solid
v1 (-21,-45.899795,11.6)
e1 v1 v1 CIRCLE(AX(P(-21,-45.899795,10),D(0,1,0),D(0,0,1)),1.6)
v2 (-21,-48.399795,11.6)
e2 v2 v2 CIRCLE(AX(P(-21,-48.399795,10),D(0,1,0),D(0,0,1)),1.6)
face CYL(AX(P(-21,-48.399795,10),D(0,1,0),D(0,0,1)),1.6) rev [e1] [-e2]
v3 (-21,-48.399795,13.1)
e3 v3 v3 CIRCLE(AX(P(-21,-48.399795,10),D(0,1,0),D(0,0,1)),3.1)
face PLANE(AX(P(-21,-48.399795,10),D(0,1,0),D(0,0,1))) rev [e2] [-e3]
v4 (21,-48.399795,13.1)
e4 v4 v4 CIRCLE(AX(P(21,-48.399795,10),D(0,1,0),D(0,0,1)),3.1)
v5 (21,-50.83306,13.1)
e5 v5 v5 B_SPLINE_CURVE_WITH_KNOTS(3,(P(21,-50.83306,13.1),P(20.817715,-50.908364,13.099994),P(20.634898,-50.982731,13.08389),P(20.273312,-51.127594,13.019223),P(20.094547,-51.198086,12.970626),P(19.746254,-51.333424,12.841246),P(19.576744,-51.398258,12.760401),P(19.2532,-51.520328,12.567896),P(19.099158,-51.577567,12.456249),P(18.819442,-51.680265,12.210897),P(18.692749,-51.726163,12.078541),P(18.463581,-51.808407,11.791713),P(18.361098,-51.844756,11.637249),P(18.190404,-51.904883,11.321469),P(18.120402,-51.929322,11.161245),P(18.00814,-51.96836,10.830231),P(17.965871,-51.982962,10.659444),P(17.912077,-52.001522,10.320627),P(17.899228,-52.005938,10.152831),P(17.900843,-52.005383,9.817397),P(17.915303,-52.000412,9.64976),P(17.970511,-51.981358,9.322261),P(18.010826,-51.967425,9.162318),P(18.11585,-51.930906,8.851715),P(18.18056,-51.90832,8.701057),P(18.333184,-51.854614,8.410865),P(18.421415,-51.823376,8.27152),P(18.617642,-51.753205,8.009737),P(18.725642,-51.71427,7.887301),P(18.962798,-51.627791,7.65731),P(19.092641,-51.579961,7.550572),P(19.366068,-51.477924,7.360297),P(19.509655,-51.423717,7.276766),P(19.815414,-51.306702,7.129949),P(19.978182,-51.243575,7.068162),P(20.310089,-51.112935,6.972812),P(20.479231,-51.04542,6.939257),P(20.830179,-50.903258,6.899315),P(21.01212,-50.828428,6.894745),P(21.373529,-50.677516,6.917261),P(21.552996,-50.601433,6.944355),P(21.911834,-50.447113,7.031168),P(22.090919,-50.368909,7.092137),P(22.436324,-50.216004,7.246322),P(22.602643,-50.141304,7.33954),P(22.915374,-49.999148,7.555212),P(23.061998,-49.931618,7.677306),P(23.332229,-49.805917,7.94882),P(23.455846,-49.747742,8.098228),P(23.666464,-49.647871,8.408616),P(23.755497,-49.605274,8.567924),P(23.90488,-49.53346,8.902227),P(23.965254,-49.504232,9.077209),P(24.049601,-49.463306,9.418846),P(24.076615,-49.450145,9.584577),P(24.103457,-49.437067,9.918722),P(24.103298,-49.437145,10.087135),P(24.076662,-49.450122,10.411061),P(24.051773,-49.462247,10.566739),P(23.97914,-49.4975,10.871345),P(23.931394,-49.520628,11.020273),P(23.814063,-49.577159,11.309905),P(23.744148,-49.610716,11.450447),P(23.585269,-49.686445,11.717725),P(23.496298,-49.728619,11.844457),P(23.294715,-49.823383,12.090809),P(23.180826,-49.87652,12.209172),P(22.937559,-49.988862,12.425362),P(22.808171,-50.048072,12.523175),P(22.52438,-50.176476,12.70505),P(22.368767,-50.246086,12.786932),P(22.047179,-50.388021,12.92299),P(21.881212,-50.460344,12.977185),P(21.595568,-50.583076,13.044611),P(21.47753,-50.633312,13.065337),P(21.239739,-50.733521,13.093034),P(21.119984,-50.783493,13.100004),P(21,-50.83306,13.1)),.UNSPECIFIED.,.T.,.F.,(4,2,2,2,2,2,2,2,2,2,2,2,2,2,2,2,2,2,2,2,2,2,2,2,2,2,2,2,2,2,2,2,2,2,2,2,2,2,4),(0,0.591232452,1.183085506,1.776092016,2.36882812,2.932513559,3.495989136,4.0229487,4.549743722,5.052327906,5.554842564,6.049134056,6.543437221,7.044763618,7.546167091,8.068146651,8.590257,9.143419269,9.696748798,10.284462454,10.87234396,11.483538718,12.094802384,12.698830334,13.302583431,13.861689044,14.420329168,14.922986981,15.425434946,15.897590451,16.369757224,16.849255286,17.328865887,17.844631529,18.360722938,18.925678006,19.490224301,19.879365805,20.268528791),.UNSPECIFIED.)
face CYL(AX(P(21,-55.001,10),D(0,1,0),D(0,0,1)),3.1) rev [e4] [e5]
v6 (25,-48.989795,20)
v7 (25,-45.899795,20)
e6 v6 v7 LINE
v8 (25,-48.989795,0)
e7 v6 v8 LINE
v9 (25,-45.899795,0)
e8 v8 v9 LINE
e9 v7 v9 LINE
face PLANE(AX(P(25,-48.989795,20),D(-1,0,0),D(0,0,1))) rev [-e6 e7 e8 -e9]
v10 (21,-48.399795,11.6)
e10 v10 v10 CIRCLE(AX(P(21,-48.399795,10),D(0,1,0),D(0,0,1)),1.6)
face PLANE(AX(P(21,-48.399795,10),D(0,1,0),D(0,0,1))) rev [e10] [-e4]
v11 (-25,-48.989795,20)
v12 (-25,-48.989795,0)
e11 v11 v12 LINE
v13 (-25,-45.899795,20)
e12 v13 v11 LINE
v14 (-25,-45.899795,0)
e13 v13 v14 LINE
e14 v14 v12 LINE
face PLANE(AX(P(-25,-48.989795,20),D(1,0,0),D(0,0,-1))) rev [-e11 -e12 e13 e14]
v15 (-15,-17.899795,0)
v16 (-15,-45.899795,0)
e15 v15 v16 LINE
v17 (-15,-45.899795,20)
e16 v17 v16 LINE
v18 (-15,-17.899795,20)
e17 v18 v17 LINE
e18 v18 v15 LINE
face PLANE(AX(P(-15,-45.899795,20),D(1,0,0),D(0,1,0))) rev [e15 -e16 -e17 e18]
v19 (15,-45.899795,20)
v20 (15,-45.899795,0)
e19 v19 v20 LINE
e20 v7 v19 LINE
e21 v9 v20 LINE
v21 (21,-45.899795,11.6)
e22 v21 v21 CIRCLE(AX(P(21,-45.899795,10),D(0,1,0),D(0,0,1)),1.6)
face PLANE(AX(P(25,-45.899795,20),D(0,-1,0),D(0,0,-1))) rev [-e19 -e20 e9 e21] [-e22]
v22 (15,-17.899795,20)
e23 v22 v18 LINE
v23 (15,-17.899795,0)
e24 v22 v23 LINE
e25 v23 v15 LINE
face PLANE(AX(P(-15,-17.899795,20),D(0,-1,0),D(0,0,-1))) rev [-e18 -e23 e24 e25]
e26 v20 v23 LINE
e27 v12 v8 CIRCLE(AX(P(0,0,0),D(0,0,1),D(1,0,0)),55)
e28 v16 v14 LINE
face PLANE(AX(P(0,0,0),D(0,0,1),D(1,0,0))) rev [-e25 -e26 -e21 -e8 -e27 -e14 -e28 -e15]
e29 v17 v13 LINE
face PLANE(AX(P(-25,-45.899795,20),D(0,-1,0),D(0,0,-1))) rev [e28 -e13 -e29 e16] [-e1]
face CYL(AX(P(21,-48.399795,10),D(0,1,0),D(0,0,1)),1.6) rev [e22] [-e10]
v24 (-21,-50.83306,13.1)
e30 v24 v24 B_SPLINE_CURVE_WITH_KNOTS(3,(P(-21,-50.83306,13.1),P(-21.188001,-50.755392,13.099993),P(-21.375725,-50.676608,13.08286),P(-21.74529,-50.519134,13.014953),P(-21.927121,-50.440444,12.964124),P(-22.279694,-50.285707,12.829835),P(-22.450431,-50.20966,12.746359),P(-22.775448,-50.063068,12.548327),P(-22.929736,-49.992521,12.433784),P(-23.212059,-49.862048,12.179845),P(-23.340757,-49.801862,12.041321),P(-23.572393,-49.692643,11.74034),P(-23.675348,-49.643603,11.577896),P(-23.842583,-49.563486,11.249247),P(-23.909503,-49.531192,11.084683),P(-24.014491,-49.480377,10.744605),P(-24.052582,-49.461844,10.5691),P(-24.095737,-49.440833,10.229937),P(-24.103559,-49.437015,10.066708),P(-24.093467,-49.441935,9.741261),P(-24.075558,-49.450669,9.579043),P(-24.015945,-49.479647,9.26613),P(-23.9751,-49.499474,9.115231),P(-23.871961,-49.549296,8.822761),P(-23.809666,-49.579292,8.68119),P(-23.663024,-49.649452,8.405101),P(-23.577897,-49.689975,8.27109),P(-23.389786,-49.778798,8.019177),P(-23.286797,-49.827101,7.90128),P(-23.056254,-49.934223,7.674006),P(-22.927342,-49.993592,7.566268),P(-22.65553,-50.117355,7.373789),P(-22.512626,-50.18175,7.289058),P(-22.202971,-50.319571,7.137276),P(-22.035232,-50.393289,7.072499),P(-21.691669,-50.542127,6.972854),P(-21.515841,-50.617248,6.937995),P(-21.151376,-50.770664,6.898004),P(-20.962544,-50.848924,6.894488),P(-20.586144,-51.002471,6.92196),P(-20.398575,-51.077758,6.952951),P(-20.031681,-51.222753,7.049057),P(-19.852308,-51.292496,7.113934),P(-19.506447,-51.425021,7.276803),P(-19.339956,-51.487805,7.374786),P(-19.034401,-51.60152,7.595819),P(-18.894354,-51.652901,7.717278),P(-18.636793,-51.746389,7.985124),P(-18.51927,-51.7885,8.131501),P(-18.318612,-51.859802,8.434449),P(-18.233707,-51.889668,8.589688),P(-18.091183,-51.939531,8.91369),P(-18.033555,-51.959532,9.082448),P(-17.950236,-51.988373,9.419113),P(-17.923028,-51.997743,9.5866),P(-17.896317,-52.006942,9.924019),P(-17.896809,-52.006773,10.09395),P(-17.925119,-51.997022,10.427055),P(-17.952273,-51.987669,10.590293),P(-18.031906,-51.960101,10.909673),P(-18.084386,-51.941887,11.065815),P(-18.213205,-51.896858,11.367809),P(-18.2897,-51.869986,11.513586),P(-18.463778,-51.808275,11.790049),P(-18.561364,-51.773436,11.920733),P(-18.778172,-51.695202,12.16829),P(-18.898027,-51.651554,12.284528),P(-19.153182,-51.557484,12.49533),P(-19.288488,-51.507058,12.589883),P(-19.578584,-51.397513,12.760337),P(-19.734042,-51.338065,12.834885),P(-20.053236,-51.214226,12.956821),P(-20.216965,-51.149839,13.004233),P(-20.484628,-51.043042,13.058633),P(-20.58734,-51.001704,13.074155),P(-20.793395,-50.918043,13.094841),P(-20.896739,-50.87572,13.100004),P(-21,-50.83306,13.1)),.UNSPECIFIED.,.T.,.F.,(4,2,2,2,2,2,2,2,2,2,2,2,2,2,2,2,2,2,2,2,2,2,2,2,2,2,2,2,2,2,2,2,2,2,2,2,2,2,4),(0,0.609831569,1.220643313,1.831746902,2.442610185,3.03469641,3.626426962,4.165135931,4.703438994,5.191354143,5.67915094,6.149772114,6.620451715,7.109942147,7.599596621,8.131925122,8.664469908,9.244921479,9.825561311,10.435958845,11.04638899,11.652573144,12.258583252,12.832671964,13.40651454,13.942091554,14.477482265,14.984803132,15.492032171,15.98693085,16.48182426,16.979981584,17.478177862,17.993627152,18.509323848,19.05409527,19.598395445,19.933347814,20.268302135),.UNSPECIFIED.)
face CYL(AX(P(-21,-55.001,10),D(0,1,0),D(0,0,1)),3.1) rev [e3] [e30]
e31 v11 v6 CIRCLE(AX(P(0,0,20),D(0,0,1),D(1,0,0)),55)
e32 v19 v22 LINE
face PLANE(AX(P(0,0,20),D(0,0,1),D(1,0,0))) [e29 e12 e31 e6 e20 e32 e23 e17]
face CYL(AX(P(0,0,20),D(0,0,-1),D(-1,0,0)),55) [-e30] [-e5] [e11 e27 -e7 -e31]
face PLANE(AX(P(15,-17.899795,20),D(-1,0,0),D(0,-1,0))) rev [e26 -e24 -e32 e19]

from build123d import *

# Parameters (mm, degrees)
RESSALTO_EXTRUS_O2_DEPTH   = 20
ESBO_O2_R                  = 1.6
CORTE_EXTRUS_O1_DEPTH      = 2.5
CORTE_EXTRUS_O2_REACH      = 46.218
CORTE_EXTRUS_O2_END_RADIUS = 55
ESBO_O3_R                  = 3.1


with BuildPart() as part:
    # Esboço1 → Ressalto-extrusão2 (new body)
    with BuildSketch(Plane.XY):
        with BuildLine():
            Line((-15, -45.899794856), (-15, -17.899794856))
            Line((-15, -17.899794856), (15, -17.899794856))
            Line((15, -17.899794856), (15, -45.899794856))
            Line((15, -45.899794856), (25, -45.899794856))
            Line((25, -45.899794856), (25, -48.989794856))
            ThreePointArc((25, -48.989794856), (0, -55), (-25, -48.989794856))
            Line((-25, -48.989794856), (-25, -45.899794856))
            Line((-25, -45.899794856), (-15, -45.899794856))
        make_face()
    extrude(amount=RESSALTO_EXTRUS_O2_DEPTH)

    # Esboço2 → Corte-extrusão1 (cut)
    with BuildSketch(Plane(origin=(0, -45.899794856, 0), x_dir=(1, 0, 0), z_dir=(0, 1, 0))):
        with Locations(Location((-21, -10, 0), (0, 0, 270))):
            Circle(ESBO_O2_R)
        with Locations(Location((21, -10, 0), (0, 0, 270))):
            Circle(ESBO_O2_R)
    extrude(amount=-CORTE_EXTRUS_O1_DEPTH, mode=Mode.SUBTRACT)

    # Corte-extrusão2: up to this cylinder (the profile starts inside it)
    corte_extrus_o2_end = Plane(origin=(0, 0, 10), z_dir=(0, 0, -1)) * Cylinder(CORTE_EXTRUS_O2_END_RADIUS, 203.436, mode=Mode.PRIVATE)
    # Esboço3 → Corte-extrusão2 (cut, up to the surface)
    with BuildSketch(Plane(origin=(0, -48.399794856, 0), x_dir=(1, 0, 0), z_dir=(0, 1, 0)), mode=Mode.PRIVATE) as corte_extrus_o2_sk1:
        with Locations(Location((-21, -10, 0), (0, 0, 270))):
            Circle(ESBO_O3_R)
    corte_extrus_o2_tool1 = extrude(corte_extrus_o2_sk1.sketch, amount=-CORTE_EXTRUS_O2_REACH, mode=Mode.PRIVATE) & corte_extrus_o2_end
    add(corte_extrus_o2_tool1.solids().sort_by_distance((-21, -48.399795, 10))[0], mode=Mode.SUBTRACT)
    # Esboço3 → Corte-extrusão2 (cut, up to the surface)
    with BuildSketch(Plane(origin=(0, -48.399794856, 0), x_dir=(1, 0, 0), z_dir=(0, 1, 0)), mode=Mode.PRIVATE) as corte_extrus_o2_sk2:
        with Locations(Location((21, -10, 0), (0, 0, 270))):
            Circle(ESBO_O3_R)
    corte_extrus_o2_tool2 = extrude(corte_extrus_o2_sk2.sketch, amount=-CORTE_EXTRUS_O2_REACH, mode=Mode.PRIVATE) & corte_extrus_o2_end
    add(corte_extrus_o2_tool2.solids().sort_by_distance((21, -48.399795, 10))[0], mode=Mode.SUBTRACT)


solid = part.part
